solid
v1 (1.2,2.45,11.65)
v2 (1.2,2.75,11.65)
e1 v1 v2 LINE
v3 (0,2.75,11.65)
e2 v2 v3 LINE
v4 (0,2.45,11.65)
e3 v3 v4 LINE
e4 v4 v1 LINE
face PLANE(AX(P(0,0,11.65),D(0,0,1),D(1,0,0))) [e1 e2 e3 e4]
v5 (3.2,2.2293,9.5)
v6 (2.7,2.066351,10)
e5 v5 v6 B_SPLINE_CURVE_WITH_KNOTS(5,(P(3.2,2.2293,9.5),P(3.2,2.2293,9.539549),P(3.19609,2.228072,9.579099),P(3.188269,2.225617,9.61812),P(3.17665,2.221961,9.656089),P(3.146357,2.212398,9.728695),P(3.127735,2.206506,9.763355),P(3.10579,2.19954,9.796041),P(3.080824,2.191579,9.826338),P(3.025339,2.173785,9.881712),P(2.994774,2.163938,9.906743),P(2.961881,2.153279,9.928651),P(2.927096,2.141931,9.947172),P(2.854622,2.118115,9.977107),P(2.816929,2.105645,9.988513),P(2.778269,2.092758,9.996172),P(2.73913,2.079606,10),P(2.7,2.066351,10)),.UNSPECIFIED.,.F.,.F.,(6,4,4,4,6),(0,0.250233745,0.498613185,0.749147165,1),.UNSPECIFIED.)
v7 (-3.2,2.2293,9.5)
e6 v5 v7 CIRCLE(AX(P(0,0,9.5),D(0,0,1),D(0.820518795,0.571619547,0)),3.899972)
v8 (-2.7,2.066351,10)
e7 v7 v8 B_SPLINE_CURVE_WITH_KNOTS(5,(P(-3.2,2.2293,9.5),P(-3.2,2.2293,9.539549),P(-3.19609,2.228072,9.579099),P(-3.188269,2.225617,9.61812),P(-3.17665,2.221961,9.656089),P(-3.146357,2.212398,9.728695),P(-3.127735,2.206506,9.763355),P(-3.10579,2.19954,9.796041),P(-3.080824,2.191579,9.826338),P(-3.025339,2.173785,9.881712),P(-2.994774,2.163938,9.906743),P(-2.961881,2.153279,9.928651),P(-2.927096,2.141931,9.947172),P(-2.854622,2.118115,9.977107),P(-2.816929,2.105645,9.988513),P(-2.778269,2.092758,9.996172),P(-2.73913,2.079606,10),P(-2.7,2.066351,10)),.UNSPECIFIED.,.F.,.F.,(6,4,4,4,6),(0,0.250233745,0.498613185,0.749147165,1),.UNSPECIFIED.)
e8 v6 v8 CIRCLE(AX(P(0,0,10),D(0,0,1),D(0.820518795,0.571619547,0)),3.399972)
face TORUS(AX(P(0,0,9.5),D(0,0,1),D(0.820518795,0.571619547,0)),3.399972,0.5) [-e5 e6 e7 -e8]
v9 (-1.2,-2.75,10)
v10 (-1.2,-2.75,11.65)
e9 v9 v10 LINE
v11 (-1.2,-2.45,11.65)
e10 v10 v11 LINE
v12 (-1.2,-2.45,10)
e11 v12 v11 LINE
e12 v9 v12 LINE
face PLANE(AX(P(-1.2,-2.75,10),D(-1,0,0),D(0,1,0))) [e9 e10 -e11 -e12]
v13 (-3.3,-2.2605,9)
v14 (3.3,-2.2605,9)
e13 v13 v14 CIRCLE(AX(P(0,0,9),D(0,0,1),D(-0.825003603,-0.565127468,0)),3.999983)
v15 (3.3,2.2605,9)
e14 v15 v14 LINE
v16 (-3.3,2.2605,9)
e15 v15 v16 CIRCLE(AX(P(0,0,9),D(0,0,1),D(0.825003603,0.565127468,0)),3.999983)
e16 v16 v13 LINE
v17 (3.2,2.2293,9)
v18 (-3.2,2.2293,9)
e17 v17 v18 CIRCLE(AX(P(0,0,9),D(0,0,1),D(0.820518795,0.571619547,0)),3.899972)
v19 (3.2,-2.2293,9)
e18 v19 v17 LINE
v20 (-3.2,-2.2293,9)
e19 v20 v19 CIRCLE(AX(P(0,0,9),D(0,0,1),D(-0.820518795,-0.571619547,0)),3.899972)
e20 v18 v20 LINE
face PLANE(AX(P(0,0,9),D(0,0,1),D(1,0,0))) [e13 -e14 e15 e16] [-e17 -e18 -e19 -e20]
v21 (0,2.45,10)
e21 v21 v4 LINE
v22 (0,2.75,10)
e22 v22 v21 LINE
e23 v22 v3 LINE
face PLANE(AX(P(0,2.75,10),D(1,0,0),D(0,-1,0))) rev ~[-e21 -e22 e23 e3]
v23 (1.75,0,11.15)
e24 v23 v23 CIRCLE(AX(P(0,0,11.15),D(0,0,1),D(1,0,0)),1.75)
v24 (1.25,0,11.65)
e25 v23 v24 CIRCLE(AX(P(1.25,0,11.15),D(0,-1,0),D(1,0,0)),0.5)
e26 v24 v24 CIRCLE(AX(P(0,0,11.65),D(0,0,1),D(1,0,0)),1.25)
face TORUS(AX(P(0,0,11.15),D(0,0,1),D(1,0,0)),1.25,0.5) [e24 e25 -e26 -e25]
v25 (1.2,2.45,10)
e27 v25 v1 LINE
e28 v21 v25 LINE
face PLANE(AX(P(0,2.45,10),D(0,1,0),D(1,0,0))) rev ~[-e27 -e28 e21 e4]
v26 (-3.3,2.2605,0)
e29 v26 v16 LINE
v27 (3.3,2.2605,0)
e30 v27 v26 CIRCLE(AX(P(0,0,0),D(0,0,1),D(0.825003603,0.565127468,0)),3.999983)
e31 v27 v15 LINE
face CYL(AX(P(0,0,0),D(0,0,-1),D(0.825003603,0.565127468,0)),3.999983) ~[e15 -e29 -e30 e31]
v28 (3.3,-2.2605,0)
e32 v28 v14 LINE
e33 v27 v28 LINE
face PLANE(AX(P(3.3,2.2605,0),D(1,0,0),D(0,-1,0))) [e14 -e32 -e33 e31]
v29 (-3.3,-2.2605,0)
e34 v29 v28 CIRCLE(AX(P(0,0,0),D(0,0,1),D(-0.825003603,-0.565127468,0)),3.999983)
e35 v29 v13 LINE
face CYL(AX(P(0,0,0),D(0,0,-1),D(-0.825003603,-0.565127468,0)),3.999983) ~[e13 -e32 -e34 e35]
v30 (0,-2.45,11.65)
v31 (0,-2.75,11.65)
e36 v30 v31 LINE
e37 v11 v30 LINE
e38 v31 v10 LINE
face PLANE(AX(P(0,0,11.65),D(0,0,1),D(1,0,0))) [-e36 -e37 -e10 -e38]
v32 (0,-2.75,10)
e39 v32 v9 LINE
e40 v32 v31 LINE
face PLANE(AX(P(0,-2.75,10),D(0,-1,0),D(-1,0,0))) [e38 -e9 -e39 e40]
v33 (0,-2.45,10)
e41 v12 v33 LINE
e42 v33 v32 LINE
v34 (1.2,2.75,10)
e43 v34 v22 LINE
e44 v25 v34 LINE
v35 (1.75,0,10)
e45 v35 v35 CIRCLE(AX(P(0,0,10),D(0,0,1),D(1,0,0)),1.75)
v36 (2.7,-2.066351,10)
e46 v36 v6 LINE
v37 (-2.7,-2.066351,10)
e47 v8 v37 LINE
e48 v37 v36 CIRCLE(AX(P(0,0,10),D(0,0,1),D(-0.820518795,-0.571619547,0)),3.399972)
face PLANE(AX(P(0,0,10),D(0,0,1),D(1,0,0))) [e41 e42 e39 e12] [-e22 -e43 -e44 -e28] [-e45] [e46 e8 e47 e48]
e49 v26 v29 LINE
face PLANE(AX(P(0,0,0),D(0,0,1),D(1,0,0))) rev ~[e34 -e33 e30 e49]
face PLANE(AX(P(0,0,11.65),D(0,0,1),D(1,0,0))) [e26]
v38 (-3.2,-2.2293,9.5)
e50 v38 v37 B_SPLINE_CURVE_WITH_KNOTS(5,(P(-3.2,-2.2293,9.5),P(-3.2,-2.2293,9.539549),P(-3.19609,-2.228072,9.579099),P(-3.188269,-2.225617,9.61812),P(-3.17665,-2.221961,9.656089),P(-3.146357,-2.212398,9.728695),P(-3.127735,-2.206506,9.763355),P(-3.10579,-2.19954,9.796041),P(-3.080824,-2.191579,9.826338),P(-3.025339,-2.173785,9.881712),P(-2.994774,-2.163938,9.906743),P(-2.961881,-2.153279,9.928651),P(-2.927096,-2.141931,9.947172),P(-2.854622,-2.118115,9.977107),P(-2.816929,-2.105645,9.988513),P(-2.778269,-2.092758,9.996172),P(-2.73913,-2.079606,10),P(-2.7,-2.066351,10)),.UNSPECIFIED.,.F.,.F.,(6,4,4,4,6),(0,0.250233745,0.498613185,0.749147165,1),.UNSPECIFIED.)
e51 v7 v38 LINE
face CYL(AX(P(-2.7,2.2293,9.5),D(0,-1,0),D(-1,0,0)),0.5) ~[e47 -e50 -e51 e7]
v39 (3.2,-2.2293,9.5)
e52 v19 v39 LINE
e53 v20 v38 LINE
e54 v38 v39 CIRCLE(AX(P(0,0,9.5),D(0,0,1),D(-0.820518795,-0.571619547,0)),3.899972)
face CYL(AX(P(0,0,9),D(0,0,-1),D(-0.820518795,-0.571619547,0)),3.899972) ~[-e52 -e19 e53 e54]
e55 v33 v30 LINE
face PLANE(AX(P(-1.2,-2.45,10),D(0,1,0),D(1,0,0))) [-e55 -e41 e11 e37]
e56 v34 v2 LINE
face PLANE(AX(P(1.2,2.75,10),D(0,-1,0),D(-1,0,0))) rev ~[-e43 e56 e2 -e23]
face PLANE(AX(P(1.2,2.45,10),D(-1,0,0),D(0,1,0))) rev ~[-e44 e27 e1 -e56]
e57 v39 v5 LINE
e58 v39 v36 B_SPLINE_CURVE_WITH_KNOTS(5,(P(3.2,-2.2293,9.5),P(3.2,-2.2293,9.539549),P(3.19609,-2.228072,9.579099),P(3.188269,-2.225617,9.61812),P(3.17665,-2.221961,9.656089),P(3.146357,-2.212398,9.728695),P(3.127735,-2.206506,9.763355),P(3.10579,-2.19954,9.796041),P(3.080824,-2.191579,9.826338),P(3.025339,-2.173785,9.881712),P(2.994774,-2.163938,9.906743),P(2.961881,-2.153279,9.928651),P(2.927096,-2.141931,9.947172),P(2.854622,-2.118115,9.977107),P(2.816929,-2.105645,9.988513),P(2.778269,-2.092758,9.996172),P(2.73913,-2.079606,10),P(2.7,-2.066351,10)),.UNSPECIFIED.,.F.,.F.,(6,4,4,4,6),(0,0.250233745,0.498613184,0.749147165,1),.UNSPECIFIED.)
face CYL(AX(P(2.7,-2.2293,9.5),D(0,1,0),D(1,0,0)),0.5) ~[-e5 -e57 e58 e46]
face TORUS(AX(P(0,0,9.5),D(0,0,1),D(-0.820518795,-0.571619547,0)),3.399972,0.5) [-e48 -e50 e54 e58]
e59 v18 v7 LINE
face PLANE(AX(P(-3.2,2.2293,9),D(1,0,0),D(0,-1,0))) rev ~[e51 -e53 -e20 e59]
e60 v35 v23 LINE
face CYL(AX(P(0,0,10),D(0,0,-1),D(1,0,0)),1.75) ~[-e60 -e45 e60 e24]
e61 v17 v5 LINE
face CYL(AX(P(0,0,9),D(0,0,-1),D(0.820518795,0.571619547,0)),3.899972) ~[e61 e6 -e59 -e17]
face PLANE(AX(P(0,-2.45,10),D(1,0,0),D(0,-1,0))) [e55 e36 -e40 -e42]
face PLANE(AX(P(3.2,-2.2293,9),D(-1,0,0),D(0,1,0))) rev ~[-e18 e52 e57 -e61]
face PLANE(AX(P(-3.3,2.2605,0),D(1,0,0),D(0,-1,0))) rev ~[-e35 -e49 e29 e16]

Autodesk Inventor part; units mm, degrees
ref_plane "YZ Plane" through (0, 0, 0) normal (1, 0, 0) x (0, 1, 0)
ref_plane "XZ Plane" through (0, 0, 0) normal (0, 1, 0) x (-1, 0, 0)
ref_plane "XY Plane" through (0, 0, 0) normal (0, 0, 1) x (1, 0, 0)
sketch "Sketch1" plane through (0, 0, 0) normal (0, 0, 1) x (1, 0, 0)
  point P0 (0, 0)
sketch "Sketch2" plane through (0, 0, 0) normal (0, 0, 1) x (1, 0, 0)
  line L0 (-3.3, 2.2605) -> (-3.3, -2.2605)
  line L1 (3.3, 2.2605) -> (3.3, -2.2605)
  arc A0 (-3.3, -2.2605) -> (3.3, -2.2605) centre (0, 0) ccw
  arc A1 (3.3, 2.2605) -> (-3.3, 2.2605) centre (0, 0) ccw
  dimension "d1" = 6.6
  dimension "d2" = 4
extrude "Extrusion1" add sketch "Sketch2" along normal blind 9
sketch "Sketch3" plane through (0, 0, 9) normal (0, 0, 1) x (1, 0, 0)
  point P0 (0, 0)
sketch "Sketch4" plane through (0, 0, 9) normal (0, 0, 1) x (1, 0, 0)
  line L0 (-3.3, 2.2605) -> (-3.3, -2.2605) projected
  arc A0 (-3.3, -2.2605) -> (3.3, -2.2605) centre (0, 0) ccw projected
  line L1 (3.3, -2.2605) -> (3.3, 2.2605) projected
  arc A1 (3.3, 2.2605) -> (-3.3, 2.2605) centre (0, 0) ccw projected
  line L2 (-3.2, 2.2293) -> (-3.2, -2.2293)
  arc A2 (-3.2, -2.2293) -> (3.2, -2.2293) centre (0, 0) ccw
  line L3 (3.2, -2.2293) -> (3.2, 2.2293)
  arc A3 (3.2, 2.2293) -> (-3.2, 2.2293) centre (0, 0) ccw
  dimension "d5" = 0.1
extrude "Extrusion2" add sketch "Sketch4" along normal blind 1 contours A3 L3 A2 L2
fillet "Fillet1" radius 0.5 4 edges at (3.2, 0, 10) (0, 3.9, 10) (-3.2, 0, 10) (0, -3.9, 10)
sketch "Sketch5" plane through (0, 0, 10) normal (0, 0, 1) x (1, 0, 0)
  circle A0 centre (0, 0) radius 1.75
  dimension "d9" = 3.5
extrude "Extrusion3" add sketch "Sketch5" along normal blind 1.65
fillet "Fillet2" radius 0.5 1 edges at (-1.75, 0, 11.65)
sketch "Sketch6" plane through (0, 0, 10) normal (0, 0, 1) x (1, 0, 0)
  circle A0 centre (0, 0) radius 1.75 projected
  line L0 (0, -2.75) -> (-1.2, -2.75)
  line L1 (-1.2, -2.75) -> (-1.2, -2.45)
  line L2 (-1.2, -2.45) -> (0, -2.45)
  line L3 (0, -2.45) -> (0, -2.75)
  line L4 (0, 2.45) -> (1.2, 2.45)
  line L5 (1.2, 2.45) -> (1.2, 2.75)
  line L6 (1.2, 2.75) -> (0, 2.75)
  line L7 (0, 2.75) -> (0, 2.45)
  point P0 (1.4682, 1.2)
  dimension "d21" = 1.2
  dimension "d22" = 0.3
  dimension "d23" = 1.2
  dimension "d24" = 0.3
  dimension "d25" = 0.7
  dimension "d26" = 0.7
extrude "Extrusion4" add sketch "Sketch6" along normal blind 1.65 contours L0 L1 L2 L3 | L7 L6 L5 L4
properties part number "J024 motor"
